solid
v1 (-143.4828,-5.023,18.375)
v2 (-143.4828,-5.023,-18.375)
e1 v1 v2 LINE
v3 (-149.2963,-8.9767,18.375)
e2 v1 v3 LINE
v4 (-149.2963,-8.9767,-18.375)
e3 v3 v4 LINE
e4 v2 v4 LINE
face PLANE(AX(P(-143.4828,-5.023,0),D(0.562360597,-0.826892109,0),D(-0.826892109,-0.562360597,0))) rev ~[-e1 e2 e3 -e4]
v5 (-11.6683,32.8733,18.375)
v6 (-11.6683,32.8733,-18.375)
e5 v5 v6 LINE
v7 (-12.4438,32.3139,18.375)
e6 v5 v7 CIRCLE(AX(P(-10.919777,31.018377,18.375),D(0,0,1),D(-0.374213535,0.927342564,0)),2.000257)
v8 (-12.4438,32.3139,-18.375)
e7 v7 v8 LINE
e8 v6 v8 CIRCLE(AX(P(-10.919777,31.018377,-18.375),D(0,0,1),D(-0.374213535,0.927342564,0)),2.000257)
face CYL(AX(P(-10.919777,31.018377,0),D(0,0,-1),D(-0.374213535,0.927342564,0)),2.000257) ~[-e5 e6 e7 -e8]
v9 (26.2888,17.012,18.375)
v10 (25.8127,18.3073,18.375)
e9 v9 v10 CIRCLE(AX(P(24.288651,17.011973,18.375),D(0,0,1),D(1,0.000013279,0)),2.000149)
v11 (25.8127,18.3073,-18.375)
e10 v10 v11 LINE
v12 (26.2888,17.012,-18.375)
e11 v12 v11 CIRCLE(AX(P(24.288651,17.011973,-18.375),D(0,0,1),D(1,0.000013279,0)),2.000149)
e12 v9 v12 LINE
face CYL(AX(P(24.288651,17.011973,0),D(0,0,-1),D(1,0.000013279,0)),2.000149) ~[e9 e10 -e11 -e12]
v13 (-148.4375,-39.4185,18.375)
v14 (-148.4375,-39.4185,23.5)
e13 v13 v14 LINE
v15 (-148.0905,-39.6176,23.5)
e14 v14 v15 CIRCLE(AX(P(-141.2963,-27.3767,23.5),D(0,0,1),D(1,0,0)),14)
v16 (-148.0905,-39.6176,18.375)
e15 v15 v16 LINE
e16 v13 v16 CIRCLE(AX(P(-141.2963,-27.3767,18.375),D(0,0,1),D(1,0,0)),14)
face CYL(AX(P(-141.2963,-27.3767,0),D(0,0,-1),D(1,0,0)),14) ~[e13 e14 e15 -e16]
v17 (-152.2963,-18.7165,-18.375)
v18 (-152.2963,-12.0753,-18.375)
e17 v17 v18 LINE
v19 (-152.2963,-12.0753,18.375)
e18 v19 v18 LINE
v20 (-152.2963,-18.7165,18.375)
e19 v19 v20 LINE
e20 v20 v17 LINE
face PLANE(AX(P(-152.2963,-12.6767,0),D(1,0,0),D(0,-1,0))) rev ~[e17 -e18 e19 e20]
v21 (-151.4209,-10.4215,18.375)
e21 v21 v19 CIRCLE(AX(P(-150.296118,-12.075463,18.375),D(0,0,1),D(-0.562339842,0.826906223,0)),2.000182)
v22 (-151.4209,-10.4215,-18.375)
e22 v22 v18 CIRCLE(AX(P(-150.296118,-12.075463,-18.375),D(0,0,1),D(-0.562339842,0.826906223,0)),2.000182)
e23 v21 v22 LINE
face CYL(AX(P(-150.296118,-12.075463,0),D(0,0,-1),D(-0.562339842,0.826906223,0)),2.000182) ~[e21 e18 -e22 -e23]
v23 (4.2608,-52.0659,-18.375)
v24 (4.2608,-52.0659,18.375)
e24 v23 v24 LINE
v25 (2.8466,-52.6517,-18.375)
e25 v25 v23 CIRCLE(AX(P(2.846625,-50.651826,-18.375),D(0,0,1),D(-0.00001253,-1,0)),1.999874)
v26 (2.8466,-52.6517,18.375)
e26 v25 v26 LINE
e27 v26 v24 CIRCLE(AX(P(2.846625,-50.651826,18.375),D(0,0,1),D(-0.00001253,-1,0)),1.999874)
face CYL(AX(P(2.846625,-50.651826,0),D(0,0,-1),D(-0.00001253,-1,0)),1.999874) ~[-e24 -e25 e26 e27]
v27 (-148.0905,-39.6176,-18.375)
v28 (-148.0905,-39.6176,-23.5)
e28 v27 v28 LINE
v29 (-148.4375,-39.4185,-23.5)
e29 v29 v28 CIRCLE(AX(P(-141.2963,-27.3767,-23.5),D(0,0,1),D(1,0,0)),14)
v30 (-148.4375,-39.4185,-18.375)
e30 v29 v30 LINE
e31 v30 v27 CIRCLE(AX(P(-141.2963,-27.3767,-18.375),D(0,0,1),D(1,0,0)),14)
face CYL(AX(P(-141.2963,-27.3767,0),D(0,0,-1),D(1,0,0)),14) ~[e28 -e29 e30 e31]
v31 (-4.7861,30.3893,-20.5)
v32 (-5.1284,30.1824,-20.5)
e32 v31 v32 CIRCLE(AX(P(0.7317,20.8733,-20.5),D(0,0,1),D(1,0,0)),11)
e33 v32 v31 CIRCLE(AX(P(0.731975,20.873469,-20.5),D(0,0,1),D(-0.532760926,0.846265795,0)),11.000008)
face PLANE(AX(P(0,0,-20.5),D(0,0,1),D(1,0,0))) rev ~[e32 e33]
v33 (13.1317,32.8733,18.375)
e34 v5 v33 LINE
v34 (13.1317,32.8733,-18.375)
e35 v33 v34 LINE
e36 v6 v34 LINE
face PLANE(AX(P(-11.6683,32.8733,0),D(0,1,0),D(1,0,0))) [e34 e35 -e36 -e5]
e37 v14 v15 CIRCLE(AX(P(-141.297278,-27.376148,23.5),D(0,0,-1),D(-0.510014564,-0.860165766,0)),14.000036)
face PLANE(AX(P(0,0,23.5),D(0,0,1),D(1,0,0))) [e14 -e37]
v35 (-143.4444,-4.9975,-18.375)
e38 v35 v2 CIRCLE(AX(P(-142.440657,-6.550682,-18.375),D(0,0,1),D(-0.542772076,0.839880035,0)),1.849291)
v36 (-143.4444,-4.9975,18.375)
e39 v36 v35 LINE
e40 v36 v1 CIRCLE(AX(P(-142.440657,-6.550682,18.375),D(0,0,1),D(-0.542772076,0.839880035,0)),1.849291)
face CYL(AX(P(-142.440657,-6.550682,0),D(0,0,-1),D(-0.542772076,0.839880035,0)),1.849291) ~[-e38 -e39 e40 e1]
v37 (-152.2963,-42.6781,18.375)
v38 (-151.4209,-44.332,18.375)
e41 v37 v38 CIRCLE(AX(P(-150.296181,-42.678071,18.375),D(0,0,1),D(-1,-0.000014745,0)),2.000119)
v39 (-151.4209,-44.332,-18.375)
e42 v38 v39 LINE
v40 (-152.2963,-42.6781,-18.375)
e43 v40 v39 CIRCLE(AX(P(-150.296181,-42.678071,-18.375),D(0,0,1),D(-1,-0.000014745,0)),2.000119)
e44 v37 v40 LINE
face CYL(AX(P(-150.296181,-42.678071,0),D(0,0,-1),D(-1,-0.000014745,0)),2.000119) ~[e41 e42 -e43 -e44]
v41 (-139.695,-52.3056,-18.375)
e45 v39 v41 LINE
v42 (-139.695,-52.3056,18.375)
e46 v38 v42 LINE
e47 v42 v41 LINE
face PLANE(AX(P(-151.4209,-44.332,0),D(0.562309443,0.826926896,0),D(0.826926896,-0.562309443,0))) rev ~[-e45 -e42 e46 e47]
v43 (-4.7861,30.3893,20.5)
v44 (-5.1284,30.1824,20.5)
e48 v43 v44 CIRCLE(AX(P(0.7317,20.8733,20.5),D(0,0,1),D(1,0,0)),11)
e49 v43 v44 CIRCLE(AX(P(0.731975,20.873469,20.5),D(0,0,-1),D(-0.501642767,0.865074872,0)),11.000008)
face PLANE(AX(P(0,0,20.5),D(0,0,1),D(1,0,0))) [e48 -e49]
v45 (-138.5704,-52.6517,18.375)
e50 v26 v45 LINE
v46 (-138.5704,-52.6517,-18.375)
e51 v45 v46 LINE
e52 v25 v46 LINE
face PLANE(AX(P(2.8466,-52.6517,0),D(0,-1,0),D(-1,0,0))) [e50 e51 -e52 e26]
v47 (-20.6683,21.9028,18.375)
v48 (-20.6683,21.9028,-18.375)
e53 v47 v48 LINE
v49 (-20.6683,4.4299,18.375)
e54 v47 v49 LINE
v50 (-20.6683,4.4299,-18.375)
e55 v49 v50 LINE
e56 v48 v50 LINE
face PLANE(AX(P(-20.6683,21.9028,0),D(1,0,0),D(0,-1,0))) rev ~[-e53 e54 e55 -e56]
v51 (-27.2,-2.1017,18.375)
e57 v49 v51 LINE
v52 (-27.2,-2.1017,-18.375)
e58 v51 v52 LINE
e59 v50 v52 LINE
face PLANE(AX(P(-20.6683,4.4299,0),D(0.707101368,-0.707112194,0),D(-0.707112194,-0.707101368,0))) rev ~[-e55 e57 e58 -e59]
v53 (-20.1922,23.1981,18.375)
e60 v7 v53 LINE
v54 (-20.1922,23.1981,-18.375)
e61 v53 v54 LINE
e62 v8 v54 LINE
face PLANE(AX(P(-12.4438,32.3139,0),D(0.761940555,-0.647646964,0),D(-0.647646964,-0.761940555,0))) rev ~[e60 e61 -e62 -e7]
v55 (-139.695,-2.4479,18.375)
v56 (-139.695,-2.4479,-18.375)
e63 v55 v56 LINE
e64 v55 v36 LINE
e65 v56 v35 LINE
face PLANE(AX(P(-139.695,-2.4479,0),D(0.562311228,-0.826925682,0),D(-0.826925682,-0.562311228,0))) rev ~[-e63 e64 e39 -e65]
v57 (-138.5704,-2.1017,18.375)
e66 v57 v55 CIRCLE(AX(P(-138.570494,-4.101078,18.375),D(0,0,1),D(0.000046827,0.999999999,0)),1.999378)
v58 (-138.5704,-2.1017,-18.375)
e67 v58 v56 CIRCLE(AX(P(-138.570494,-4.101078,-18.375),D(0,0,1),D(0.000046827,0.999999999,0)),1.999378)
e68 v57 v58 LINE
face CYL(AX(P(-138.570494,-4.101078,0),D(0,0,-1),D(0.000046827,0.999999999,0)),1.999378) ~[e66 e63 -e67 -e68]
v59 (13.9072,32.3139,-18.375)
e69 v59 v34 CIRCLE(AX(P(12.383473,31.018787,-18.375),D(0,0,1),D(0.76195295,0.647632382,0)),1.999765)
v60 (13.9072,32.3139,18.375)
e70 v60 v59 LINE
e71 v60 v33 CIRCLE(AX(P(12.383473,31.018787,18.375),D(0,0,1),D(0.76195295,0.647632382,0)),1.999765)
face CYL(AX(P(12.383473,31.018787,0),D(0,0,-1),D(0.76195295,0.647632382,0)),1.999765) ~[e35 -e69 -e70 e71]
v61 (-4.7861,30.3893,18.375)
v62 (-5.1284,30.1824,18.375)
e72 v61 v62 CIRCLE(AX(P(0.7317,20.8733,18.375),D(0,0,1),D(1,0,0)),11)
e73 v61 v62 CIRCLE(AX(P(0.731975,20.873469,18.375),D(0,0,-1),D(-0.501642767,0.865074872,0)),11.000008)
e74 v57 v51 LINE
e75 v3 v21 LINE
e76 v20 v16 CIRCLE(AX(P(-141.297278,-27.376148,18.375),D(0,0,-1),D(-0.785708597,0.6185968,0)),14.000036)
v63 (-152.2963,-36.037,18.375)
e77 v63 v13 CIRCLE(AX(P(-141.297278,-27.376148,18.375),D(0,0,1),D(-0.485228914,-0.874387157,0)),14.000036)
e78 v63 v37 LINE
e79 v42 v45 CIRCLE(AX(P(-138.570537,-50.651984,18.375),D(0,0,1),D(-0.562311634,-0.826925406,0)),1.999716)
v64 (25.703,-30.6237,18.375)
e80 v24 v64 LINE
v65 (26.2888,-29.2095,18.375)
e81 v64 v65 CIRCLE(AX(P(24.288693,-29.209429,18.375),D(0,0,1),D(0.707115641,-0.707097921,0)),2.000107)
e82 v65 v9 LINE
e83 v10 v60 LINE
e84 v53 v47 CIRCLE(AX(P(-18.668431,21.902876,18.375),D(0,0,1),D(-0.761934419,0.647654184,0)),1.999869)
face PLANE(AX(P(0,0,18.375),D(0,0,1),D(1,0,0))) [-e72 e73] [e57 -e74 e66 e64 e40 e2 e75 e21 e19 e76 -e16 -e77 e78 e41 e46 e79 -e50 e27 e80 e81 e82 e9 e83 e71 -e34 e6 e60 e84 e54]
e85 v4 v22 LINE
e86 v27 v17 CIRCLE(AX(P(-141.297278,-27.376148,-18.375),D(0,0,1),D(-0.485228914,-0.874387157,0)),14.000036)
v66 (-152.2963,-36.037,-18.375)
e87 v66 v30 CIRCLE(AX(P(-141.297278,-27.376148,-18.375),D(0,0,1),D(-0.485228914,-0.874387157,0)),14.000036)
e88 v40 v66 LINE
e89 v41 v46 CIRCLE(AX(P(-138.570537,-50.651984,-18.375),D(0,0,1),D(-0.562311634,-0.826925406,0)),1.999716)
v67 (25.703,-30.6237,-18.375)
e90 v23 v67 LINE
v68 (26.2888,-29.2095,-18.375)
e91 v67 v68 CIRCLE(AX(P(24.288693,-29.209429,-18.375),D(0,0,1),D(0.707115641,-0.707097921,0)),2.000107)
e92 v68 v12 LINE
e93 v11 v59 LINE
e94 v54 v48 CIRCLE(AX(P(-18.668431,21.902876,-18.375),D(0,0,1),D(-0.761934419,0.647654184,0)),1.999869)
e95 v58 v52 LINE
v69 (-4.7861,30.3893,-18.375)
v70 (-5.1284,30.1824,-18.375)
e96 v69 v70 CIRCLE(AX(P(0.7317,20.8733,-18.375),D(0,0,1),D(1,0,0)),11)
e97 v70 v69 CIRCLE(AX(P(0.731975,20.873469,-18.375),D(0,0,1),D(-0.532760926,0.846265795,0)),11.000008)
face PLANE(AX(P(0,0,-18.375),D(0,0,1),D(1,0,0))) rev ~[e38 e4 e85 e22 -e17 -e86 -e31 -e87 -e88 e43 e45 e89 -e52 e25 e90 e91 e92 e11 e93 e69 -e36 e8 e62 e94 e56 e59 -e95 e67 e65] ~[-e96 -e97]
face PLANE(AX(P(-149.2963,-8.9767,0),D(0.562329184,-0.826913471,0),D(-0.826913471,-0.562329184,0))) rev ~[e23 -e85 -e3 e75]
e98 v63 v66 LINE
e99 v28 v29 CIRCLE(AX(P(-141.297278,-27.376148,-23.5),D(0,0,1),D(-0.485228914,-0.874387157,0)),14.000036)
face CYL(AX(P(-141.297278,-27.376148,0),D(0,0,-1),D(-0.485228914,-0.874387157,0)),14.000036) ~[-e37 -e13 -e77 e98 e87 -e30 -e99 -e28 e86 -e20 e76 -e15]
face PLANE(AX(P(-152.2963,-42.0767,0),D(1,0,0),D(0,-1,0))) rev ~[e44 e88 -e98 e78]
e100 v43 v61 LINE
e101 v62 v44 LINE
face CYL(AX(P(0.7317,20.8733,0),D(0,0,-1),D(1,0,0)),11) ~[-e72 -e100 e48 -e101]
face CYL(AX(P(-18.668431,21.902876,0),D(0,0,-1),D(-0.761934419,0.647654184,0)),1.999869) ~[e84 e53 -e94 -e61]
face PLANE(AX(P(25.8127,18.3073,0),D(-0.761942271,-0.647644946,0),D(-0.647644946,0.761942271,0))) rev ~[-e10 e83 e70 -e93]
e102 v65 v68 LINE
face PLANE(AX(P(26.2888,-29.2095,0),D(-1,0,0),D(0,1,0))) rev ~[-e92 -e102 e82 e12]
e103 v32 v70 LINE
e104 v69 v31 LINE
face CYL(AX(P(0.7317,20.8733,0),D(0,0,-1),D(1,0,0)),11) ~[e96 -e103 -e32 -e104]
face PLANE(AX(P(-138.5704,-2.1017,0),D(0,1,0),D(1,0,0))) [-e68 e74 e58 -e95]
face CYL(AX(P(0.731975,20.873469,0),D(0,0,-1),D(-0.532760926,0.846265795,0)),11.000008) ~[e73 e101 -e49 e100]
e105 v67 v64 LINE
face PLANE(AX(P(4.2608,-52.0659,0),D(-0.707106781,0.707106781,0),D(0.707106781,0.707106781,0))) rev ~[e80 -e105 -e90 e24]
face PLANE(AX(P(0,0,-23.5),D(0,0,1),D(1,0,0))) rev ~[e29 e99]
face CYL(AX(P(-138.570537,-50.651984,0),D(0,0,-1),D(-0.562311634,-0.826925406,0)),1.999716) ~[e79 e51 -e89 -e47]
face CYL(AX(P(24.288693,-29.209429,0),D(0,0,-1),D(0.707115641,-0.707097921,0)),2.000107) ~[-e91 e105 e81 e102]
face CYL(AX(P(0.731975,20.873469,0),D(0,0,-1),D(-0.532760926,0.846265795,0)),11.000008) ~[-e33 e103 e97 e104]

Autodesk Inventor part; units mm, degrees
ref_plane "YZ Plane" through (0, 0, 0) normal (1, 0, 0) x (0, 1, 0)
ref_plane "XZ Plane" through (0, 0, 0) normal (0, 1, 0) x (-1, 0, 0)
ref_plane "XY Plane" through (0, 0, 0) normal (0, 0, 1) x (1, 0, 0)
sketch "Sketch1" plane through (0, 0, 0) normal (0, 0, 1) x (1, 0, 0)
  arc A0 (2.8466, -52.6517) -> (4.2608, -52.0659) centre (2.8466, -50.6517) ccw
  line L0 (4.2608, -52.0659) -> (25.703, -30.6237)
  arc A1 (25.703, -30.6237) -> (26.2888, -29.2095) centre (24.2888, -29.2095) ccw
  line L1 (26.2888, -29.2095) -> (26.2888, 17.012)
  arc A2 (26.2888, 17.012) -> (25.8127, 18.3073) centre (24.2888, 17.012) ccw
  line L2 (25.8127, 18.3073) -> (13.9072, 32.3139)
  arc A3 (13.9072, 32.3139) -> (13.1317, 32.8733) centre (12.3833, 31.0186) ccw
  arc A4 (-11.6683, 32.8733) -> (-12.4438, 32.3139) centre (-10.9199, 31.0186) ccw
  line L3 (-12.4438, 32.3139) -> (-20.1922, 23.1981)
  arc A5 (-20.1922, 23.1981) -> (-20.6683, 21.9028) centre (-18.6683, 21.9028) ccw
  line L4 (-20.6683, 21.9028) -> (-20.6683, 4.4299)
  line L5 (-20.6683, 4.4299) -> (-27.2, -2.1017)
  arc A6 (-139.695, -52.3056) -> (-138.5704, -52.6517) centre (-138.5704, -50.6517) ccw
  arc A7 (-138.5704, -2.1017) -> (-139.695, -2.4479) centre (-138.5704, -4.1017) ccw
  line L6 (-139.695, -2.4479) -> (-143.4444, -4.9975)
  arc A8 (-143.4444, -4.9975) -> (-143.4828, -5.023) centre (-142.3581, -6.6767) ccw
  line L7 (-143.4828, -5.023) -> (-149.2963, -8.9767)
  line L8 (-149.2963, -8.9767) -> (-151.4209, -10.4215)
  arc A9 (-151.4209, -10.4215) -> (-152.2963, -12.0753) centre (-150.2963, -12.0753) ccw
  line L9 (-152.2963, -12.0753) -> (-152.2963, -12.6767)
  line L10 (-152.2963, -42.0767) -> (-152.2963, -42.6781)
  arc A10 (-152.2963, -42.6781) -> (-151.4209, -44.332) centre (-150.2963, -42.6781) ccw
  line L11 (-151.4209, -44.332) -> (-139.695, -52.3056)
  arc A11 (-5.1284, 30.1824) -> (-4.7861, 30.3893) centre (0.7317, 20.8733) ccw
  arc A12 (-148.0905, -39.6176) -> (-148.4375, -39.4185) centre (-141.2963, -27.3767) ccw
  line L12 (-11.6683, 32.8733) -> (13.1317, 32.8733)
  line L13 (-152.2963, -12.6767) -> (-152.2963, -18.7165)
  line L14 (-152.2963, -36.037) -> (-152.2963, -42.0767)
  line L15 (2.8466, -52.6517) -> (-138.5704, -52.6517)
  line L16 (-138.5704, -2.1017) -> (-27.2, -2.1017)
  circle A13 centre (0.7317, 20.8733) radius 11
  circle A14 centre (-141.2963, -27.3767) radius 14
extrude "Extrusion1" add sketch "Sketch1" along normal mid plane 36.75 contours L15 A6 L11 A10 L10 L14 A12 A14 L13 L9 A9 L8 L7 A8 L6 A7 L16 L5 L4 A5 L3 A4 L12 A3 L2 A2 L1 A1 L0 A0
extrude "Extrusion2" add sketch "Sketch1" along normal mid plane 47 contours A12 A14
extrude "Extrusion3" add sketch "Sketch1" along normal mid plane 41 contours A13 A11
properties part number "Bicep"
